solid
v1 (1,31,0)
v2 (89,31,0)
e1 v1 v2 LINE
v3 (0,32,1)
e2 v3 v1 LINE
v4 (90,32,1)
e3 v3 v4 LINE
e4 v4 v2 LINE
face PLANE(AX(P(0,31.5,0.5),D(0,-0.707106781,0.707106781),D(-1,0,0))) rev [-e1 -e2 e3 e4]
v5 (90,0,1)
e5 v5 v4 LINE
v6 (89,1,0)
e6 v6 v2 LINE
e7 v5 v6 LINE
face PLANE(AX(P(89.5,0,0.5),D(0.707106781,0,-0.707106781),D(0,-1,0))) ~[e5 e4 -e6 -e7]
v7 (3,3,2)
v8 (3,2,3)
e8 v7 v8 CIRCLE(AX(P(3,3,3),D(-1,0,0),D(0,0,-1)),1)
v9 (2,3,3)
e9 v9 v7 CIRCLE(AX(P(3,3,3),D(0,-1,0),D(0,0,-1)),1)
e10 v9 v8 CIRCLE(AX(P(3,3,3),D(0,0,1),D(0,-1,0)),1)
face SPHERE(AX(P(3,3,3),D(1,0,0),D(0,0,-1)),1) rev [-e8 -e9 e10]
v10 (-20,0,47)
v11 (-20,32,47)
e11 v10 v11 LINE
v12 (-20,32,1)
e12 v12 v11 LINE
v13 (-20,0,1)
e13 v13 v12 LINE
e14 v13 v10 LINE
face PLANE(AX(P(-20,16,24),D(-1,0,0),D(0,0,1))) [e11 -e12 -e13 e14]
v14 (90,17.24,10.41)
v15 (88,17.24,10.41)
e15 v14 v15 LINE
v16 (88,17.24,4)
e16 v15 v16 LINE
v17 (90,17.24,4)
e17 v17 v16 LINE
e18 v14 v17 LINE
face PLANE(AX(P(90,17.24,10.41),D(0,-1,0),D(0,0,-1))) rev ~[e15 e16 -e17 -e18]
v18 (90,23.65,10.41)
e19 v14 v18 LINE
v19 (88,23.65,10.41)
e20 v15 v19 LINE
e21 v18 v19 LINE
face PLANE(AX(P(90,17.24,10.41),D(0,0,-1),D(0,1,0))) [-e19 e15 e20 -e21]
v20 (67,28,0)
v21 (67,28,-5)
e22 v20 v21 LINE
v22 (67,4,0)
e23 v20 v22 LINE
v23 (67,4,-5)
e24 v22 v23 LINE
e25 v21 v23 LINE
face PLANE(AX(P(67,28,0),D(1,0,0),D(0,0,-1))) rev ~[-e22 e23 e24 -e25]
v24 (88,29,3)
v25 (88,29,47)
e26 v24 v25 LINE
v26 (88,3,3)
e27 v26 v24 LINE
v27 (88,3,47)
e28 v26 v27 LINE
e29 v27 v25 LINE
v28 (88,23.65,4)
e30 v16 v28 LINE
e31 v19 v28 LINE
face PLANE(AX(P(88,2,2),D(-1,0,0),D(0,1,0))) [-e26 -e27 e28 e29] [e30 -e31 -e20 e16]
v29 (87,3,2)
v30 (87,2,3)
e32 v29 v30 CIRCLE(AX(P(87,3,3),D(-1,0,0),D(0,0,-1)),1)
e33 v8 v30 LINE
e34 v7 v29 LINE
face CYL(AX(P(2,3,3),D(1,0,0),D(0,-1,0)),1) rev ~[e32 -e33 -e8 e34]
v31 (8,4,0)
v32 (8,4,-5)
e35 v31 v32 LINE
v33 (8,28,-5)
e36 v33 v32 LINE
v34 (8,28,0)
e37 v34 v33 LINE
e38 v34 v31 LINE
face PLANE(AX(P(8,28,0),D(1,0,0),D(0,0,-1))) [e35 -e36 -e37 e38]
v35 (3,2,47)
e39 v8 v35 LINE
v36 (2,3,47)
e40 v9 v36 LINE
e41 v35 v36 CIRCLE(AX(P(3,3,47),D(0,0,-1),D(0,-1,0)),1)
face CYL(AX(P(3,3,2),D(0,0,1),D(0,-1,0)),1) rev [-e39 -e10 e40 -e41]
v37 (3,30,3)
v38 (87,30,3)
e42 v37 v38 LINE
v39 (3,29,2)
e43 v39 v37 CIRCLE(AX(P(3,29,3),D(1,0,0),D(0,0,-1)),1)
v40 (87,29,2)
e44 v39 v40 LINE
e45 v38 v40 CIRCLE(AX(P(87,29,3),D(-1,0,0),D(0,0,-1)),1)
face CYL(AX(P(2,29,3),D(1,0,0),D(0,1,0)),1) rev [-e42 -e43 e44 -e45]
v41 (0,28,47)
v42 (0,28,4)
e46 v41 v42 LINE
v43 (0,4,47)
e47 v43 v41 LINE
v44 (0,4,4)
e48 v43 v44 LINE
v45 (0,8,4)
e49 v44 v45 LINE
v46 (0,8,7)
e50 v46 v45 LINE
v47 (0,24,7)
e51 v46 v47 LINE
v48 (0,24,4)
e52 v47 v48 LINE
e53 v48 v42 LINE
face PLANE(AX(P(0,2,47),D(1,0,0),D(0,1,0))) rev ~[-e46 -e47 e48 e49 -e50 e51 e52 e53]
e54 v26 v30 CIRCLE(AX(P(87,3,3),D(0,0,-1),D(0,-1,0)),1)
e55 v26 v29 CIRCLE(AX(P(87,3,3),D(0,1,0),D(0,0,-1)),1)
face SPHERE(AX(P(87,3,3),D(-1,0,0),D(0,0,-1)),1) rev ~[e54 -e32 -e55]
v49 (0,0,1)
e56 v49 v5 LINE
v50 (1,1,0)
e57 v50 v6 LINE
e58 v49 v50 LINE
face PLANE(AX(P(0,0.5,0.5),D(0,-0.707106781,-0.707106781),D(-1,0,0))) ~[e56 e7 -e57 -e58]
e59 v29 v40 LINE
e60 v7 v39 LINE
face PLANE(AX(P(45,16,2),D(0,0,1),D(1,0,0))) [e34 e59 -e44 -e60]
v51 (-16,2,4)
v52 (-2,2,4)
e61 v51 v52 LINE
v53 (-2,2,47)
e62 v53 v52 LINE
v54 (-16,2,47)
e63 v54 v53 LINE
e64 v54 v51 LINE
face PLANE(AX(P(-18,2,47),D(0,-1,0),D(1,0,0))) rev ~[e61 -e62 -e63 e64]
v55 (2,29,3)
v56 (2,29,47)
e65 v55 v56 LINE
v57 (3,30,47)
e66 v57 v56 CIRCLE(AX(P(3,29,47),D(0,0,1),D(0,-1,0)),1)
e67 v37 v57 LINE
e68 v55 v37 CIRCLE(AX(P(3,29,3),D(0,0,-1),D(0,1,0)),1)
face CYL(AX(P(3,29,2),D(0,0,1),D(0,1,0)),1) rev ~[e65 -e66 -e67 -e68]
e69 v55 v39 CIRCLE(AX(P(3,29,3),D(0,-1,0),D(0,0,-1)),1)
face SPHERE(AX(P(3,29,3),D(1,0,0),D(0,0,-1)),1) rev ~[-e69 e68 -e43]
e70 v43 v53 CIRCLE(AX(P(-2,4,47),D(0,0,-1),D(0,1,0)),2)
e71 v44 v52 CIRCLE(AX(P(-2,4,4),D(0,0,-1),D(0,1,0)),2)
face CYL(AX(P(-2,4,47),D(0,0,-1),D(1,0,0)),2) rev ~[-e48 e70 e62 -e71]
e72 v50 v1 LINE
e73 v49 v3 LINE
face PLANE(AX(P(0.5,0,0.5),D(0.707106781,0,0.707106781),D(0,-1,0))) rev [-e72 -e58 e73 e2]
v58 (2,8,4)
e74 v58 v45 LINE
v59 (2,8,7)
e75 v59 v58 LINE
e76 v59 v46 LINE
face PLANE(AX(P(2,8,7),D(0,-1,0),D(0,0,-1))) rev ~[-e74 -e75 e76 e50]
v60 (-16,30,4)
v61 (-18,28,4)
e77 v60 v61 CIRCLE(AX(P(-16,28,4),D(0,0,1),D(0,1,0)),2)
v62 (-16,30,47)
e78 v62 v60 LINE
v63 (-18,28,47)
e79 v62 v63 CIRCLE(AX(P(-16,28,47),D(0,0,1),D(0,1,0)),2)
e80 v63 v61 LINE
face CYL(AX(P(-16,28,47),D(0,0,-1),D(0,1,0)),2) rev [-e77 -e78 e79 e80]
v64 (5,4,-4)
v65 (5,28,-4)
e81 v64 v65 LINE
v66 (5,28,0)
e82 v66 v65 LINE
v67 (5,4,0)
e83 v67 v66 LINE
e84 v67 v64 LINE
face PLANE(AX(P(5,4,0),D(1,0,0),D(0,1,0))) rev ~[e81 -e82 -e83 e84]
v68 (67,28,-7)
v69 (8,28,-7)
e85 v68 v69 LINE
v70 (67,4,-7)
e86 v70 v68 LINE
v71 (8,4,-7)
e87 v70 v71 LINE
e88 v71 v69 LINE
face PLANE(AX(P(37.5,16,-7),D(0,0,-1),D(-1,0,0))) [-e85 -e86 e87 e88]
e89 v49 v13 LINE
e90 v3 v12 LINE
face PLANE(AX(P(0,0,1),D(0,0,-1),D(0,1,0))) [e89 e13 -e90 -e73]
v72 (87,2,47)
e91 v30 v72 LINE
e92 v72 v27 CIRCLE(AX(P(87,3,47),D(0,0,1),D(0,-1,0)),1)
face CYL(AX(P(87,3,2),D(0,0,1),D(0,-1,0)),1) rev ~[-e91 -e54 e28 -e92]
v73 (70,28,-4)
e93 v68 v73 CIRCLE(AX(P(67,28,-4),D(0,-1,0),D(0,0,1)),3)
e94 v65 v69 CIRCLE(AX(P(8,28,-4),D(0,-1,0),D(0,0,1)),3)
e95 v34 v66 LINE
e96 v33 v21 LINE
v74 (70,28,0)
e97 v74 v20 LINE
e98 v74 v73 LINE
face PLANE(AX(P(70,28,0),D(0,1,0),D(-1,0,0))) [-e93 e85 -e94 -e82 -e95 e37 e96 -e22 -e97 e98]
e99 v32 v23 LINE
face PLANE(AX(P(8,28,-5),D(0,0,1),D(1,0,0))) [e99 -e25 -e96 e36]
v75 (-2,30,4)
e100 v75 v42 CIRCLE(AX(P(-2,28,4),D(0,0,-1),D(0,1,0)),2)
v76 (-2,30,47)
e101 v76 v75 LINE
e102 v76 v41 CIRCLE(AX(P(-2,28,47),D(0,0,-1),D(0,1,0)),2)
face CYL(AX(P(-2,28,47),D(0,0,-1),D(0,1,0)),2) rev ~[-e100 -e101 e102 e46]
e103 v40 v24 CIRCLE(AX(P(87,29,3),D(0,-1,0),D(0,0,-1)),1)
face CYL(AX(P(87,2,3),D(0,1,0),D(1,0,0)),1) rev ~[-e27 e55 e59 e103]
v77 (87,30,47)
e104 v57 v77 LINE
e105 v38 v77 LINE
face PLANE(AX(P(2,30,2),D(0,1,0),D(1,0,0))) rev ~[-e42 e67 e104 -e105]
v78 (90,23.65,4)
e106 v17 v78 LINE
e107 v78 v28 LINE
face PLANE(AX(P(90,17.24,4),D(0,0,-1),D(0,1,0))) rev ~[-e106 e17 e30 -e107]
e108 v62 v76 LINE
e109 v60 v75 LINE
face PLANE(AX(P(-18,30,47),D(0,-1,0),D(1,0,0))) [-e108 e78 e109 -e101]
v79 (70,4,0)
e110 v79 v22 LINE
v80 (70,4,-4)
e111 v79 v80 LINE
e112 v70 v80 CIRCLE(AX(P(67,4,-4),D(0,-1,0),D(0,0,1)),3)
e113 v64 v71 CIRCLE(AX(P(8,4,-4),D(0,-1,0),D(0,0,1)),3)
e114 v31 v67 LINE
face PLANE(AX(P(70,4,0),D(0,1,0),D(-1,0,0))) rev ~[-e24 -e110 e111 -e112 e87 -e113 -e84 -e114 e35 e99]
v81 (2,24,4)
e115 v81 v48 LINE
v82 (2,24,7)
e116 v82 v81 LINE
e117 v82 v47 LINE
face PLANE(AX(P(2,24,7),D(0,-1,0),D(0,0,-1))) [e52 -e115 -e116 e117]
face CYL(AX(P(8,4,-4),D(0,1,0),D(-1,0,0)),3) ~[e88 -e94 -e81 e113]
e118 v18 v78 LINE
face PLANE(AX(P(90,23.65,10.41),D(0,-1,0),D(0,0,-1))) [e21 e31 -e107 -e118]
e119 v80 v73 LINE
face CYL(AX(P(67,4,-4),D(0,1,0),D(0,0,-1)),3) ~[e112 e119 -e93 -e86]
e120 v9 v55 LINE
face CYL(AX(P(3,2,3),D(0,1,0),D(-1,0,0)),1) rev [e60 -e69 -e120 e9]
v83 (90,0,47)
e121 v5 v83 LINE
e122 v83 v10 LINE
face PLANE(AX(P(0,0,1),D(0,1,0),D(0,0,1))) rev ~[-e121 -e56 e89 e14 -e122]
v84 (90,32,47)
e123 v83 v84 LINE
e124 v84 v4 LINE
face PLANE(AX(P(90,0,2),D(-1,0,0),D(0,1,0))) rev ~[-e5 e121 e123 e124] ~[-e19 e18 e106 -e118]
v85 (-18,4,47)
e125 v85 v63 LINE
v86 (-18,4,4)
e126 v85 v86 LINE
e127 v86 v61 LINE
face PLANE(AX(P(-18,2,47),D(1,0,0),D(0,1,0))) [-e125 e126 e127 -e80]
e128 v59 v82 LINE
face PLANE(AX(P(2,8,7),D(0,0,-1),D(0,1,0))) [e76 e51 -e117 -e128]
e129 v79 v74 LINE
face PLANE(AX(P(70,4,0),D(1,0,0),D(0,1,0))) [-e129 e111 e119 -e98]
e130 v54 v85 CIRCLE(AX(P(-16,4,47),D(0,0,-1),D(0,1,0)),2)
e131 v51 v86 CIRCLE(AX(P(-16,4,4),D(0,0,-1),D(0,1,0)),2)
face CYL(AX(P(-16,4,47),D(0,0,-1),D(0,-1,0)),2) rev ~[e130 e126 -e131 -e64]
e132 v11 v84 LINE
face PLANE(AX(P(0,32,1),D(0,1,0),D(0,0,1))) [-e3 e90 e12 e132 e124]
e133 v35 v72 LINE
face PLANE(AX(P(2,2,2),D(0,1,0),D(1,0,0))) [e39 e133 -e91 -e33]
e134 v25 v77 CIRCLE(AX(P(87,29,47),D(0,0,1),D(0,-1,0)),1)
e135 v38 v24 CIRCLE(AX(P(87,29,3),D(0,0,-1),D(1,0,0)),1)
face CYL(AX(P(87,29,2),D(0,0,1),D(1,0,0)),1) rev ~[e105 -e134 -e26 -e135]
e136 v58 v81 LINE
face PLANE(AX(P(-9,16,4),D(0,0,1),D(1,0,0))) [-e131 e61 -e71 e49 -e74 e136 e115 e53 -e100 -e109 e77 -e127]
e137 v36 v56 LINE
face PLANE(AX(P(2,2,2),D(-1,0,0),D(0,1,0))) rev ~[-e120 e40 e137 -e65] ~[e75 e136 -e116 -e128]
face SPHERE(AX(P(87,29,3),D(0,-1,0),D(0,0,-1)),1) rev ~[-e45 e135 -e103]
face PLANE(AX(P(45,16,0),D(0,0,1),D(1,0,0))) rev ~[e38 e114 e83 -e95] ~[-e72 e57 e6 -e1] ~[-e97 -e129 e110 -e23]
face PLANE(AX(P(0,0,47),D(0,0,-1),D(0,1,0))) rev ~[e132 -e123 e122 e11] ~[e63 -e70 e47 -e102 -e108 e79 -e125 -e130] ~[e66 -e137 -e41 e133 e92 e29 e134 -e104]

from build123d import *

# Parameters (mm, degrees)
ESQUISSE1_W             = 90
ESQUISSE1_H             = 32
BOSS_EXTRU_1_DEPTH      = 2
ESQUISSE2_W             = 90
ESQUISSE2_H             = 32
ESQUISSE2_W_2           = 86
ESQUISSE2_H_2           = 28
BOSS_EXTRU_3_DEPTH      = 45
ENL_V_MAT_EXTRU_1_REACH = 108.457
ESQUISSE3_W             = 6.41
ESQUISSE3_H             = 6.41
CONG_3_R                = 1
CHANFREIN8_SIZE         = 1
ESQUISSE7_W             = 65
ESQUISSE7_H             = 24
BOSS_EXTRU_8_DEPTH      = 7
CONG_11_R               = 3
CONG_12_R               = 3
ESQUISSE17_W            = 59
ESQUISSE17_H            = 5
ENL_V_MAT_EXTRU_6_DEPTH = 24
ESQUISSE20_W            = 46
ESQUISSE20_H            = 32
BOSS_EXTRU_10_DEPTH     = 20
ESQUISSE21_W            = 18
ESQUISSE21_H            = 28
ENL_V_MAT_EXTRU_7_DEPTH = 43
CONG_13_R               = 2
CONG_14_R               = 2
CONG_15_R               = 2
CONG_16_R               = 2
ESQUISSE22_W            = 3
ESQUISSE22_H            = 16
ENL_V_MAT_EXTRU_8_DEPTH = 2


with BuildPart() as part:
    # Esquisse1 → Boss.-Extru.1 (new body)
    with BuildSketch(Plane.XY):
        with Locations((45, 16)):
            Rectangle(ESQUISSE1_W, ESQUISSE1_H)
    extrude(amount=BOSS_EXTRU_1_DEPTH)

    # Esquisse2 → Boss.-Extru.3 (add)
    with BuildSketch(Plane.XY.offset(2)):
        with Locations((45, 16)):
            Rectangle(ESQUISSE2_W, ESQUISSE2_H)
        with Locations((45, 16)):
            Rectangle(ESQUISSE2_W_2, ESQUISSE2_H_2, mode=Mode.SUBTRACT)
    extrude(amount=BOSS_EXTRU_3_DEPTH)

    # Esquisse3 → Enlèv. mat.-Extru.1 (cut, up to next)
    with BuildSketch(Plane(origin=(90, 0, 0), x_dir=(0, 0, -1), z_dir=(1, 0, 0)), mode=Mode.PRIVATE) as enl_v_mat_extru_1_sk1:
        with Locations((-7.205, 20.445)):
            Rectangle(ESQUISSE3_W, ESQUISSE3_H)
    enl_v_mat_extru_1_tool1 = extrude(enl_v_mat_extru_1_sk1.sketch, amount=-ENL_V_MAT_EXTRU_1_REACH, mode=Mode.PRIVATE) & part.part
    add(enl_v_mat_extru_1_tool1.solids().sort_by_distance((90, 20.445, 7.205))[0], mode=Mode.SUBTRACT)

    # Congé3
    cong_3_edges = [part.edges().sort_by_distance(p)[0] for p in [
        (45, 2, 2),
        (88, 16, 2),
        (45, 30, 2),
        (2, 16, 2),
        (88, 2, 24.5),
        (88, 30, 24.5),
        (2, 30, 24.5),
        (2, 2, 24.5),
    ]]
    fillet(cong_3_edges, radius=CONG_3_R)

    # Chanfrein8
    chanfrein8_edges = [part.edges().sort_by_distance(p)[0] for p in [
        (45, 32, 0),
        (90, 16, 0),
        (45, 0, 0),
        (0, 16, 0),
    ]]
    chamfer(chanfrein8_edges, length=CHANFREIN8_SIZE)

    # Esquisse7 → Boss.-Extru.8 (add)
    with BuildSketch(Plane(origin=(0, 0, 0), x_dir=(-1, 0, 0), z_dir=(0, 0, -1))):
        with Locations((-37.5, 16)):
            Rectangle(ESQUISSE7_W, ESQUISSE7_H)
    extrude(amount=BOSS_EXTRU_8_DEPTH)

    # Congé11
    cong_11_edges = [part.edges().sort_by_distance(p)[0] for p in [
        (5, 16, -7),
    ]]
    fillet(cong_11_edges, radius=CONG_11_R)

    # Congé12
    cong_12_edges = [part.edges().sort_by_distance(p)[0] for p in [
        (70, 16, -7),
    ]]
    fillet(cong_12_edges, radius=CONG_12_R)

    # Esquisse17 → Enlèv. mat.-Extru.6 (cut)
    with BuildSketch(Plane(origin=(0, 28, 0), x_dir=(1, 0, 0), z_dir=(0, 1, 0))):
        with Locations((37.5, 2.5)):
            Rectangle(ESQUISSE17_W, ESQUISSE17_H)
    extrude(amount=-ENL_V_MAT_EXTRU_6_DEPTH, mode=Mode.SUBTRACT)

    # Esquisse20 → Boss.-Extru.10 (add)
    with BuildSketch(Plane.ZY):
        with Locations((24, 16)):
            Rectangle(ESQUISSE20_W, ESQUISSE20_H)
    extrude(amount=BOSS_EXTRU_10_DEPTH)

    # Esquisse21 → Enlèv. mat.-Extru.7 (cut)
    with BuildSketch(Plane.XY.offset(47)):
        with Locations((-9, 16)):
            Rectangle(ESQUISSE21_W, ESQUISSE21_H)
    extrude(amount=-ENL_V_MAT_EXTRU_7_DEPTH, mode=Mode.SUBTRACT)

    # Congé13
    cong_13_edges = [part.edges().sort_by_distance(p)[0] for p in [
        (0, 30, 25.5),
    ]]
    fillet(cong_13_edges, radius=CONG_13_R)

    # Congé14
    cong_14_edges = [part.edges().sort_by_distance(p)[0] for p in [
        (-18, 30, 25.5),
    ]]
    fillet(cong_14_edges, radius=CONG_14_R)

    # Congé15
    cong_15_edges = [part.edges().sort_by_distance(p)[0] for p in [
        (0, 2, 25.5),
    ]]
    fillet(cong_15_edges, radius=CONG_15_R)

    # Congé16
    cong_16_edges = [part.edges().sort_by_distance(p)[0] for p in [
        (-18, 2, 25.5),
    ]]
    fillet(cong_16_edges, radius=CONG_16_R)

    # Esquisse22 → Enlèv. mat.-Extru.8 (cut)
    with BuildSketch(Plane(origin=(2, 0, 0), x_dir=(0, 0, -1), z_dir=(1, 0, 0))):
        with Locations((-5.5, 16)):
            Rectangle(ESQUISSE22_W, ESQUISSE22_H)
    extrude(amount=-ENL_V_MAT_EXTRU_8_DEPTH, mode=Mode.SUBTRACT)


solid = part.part
